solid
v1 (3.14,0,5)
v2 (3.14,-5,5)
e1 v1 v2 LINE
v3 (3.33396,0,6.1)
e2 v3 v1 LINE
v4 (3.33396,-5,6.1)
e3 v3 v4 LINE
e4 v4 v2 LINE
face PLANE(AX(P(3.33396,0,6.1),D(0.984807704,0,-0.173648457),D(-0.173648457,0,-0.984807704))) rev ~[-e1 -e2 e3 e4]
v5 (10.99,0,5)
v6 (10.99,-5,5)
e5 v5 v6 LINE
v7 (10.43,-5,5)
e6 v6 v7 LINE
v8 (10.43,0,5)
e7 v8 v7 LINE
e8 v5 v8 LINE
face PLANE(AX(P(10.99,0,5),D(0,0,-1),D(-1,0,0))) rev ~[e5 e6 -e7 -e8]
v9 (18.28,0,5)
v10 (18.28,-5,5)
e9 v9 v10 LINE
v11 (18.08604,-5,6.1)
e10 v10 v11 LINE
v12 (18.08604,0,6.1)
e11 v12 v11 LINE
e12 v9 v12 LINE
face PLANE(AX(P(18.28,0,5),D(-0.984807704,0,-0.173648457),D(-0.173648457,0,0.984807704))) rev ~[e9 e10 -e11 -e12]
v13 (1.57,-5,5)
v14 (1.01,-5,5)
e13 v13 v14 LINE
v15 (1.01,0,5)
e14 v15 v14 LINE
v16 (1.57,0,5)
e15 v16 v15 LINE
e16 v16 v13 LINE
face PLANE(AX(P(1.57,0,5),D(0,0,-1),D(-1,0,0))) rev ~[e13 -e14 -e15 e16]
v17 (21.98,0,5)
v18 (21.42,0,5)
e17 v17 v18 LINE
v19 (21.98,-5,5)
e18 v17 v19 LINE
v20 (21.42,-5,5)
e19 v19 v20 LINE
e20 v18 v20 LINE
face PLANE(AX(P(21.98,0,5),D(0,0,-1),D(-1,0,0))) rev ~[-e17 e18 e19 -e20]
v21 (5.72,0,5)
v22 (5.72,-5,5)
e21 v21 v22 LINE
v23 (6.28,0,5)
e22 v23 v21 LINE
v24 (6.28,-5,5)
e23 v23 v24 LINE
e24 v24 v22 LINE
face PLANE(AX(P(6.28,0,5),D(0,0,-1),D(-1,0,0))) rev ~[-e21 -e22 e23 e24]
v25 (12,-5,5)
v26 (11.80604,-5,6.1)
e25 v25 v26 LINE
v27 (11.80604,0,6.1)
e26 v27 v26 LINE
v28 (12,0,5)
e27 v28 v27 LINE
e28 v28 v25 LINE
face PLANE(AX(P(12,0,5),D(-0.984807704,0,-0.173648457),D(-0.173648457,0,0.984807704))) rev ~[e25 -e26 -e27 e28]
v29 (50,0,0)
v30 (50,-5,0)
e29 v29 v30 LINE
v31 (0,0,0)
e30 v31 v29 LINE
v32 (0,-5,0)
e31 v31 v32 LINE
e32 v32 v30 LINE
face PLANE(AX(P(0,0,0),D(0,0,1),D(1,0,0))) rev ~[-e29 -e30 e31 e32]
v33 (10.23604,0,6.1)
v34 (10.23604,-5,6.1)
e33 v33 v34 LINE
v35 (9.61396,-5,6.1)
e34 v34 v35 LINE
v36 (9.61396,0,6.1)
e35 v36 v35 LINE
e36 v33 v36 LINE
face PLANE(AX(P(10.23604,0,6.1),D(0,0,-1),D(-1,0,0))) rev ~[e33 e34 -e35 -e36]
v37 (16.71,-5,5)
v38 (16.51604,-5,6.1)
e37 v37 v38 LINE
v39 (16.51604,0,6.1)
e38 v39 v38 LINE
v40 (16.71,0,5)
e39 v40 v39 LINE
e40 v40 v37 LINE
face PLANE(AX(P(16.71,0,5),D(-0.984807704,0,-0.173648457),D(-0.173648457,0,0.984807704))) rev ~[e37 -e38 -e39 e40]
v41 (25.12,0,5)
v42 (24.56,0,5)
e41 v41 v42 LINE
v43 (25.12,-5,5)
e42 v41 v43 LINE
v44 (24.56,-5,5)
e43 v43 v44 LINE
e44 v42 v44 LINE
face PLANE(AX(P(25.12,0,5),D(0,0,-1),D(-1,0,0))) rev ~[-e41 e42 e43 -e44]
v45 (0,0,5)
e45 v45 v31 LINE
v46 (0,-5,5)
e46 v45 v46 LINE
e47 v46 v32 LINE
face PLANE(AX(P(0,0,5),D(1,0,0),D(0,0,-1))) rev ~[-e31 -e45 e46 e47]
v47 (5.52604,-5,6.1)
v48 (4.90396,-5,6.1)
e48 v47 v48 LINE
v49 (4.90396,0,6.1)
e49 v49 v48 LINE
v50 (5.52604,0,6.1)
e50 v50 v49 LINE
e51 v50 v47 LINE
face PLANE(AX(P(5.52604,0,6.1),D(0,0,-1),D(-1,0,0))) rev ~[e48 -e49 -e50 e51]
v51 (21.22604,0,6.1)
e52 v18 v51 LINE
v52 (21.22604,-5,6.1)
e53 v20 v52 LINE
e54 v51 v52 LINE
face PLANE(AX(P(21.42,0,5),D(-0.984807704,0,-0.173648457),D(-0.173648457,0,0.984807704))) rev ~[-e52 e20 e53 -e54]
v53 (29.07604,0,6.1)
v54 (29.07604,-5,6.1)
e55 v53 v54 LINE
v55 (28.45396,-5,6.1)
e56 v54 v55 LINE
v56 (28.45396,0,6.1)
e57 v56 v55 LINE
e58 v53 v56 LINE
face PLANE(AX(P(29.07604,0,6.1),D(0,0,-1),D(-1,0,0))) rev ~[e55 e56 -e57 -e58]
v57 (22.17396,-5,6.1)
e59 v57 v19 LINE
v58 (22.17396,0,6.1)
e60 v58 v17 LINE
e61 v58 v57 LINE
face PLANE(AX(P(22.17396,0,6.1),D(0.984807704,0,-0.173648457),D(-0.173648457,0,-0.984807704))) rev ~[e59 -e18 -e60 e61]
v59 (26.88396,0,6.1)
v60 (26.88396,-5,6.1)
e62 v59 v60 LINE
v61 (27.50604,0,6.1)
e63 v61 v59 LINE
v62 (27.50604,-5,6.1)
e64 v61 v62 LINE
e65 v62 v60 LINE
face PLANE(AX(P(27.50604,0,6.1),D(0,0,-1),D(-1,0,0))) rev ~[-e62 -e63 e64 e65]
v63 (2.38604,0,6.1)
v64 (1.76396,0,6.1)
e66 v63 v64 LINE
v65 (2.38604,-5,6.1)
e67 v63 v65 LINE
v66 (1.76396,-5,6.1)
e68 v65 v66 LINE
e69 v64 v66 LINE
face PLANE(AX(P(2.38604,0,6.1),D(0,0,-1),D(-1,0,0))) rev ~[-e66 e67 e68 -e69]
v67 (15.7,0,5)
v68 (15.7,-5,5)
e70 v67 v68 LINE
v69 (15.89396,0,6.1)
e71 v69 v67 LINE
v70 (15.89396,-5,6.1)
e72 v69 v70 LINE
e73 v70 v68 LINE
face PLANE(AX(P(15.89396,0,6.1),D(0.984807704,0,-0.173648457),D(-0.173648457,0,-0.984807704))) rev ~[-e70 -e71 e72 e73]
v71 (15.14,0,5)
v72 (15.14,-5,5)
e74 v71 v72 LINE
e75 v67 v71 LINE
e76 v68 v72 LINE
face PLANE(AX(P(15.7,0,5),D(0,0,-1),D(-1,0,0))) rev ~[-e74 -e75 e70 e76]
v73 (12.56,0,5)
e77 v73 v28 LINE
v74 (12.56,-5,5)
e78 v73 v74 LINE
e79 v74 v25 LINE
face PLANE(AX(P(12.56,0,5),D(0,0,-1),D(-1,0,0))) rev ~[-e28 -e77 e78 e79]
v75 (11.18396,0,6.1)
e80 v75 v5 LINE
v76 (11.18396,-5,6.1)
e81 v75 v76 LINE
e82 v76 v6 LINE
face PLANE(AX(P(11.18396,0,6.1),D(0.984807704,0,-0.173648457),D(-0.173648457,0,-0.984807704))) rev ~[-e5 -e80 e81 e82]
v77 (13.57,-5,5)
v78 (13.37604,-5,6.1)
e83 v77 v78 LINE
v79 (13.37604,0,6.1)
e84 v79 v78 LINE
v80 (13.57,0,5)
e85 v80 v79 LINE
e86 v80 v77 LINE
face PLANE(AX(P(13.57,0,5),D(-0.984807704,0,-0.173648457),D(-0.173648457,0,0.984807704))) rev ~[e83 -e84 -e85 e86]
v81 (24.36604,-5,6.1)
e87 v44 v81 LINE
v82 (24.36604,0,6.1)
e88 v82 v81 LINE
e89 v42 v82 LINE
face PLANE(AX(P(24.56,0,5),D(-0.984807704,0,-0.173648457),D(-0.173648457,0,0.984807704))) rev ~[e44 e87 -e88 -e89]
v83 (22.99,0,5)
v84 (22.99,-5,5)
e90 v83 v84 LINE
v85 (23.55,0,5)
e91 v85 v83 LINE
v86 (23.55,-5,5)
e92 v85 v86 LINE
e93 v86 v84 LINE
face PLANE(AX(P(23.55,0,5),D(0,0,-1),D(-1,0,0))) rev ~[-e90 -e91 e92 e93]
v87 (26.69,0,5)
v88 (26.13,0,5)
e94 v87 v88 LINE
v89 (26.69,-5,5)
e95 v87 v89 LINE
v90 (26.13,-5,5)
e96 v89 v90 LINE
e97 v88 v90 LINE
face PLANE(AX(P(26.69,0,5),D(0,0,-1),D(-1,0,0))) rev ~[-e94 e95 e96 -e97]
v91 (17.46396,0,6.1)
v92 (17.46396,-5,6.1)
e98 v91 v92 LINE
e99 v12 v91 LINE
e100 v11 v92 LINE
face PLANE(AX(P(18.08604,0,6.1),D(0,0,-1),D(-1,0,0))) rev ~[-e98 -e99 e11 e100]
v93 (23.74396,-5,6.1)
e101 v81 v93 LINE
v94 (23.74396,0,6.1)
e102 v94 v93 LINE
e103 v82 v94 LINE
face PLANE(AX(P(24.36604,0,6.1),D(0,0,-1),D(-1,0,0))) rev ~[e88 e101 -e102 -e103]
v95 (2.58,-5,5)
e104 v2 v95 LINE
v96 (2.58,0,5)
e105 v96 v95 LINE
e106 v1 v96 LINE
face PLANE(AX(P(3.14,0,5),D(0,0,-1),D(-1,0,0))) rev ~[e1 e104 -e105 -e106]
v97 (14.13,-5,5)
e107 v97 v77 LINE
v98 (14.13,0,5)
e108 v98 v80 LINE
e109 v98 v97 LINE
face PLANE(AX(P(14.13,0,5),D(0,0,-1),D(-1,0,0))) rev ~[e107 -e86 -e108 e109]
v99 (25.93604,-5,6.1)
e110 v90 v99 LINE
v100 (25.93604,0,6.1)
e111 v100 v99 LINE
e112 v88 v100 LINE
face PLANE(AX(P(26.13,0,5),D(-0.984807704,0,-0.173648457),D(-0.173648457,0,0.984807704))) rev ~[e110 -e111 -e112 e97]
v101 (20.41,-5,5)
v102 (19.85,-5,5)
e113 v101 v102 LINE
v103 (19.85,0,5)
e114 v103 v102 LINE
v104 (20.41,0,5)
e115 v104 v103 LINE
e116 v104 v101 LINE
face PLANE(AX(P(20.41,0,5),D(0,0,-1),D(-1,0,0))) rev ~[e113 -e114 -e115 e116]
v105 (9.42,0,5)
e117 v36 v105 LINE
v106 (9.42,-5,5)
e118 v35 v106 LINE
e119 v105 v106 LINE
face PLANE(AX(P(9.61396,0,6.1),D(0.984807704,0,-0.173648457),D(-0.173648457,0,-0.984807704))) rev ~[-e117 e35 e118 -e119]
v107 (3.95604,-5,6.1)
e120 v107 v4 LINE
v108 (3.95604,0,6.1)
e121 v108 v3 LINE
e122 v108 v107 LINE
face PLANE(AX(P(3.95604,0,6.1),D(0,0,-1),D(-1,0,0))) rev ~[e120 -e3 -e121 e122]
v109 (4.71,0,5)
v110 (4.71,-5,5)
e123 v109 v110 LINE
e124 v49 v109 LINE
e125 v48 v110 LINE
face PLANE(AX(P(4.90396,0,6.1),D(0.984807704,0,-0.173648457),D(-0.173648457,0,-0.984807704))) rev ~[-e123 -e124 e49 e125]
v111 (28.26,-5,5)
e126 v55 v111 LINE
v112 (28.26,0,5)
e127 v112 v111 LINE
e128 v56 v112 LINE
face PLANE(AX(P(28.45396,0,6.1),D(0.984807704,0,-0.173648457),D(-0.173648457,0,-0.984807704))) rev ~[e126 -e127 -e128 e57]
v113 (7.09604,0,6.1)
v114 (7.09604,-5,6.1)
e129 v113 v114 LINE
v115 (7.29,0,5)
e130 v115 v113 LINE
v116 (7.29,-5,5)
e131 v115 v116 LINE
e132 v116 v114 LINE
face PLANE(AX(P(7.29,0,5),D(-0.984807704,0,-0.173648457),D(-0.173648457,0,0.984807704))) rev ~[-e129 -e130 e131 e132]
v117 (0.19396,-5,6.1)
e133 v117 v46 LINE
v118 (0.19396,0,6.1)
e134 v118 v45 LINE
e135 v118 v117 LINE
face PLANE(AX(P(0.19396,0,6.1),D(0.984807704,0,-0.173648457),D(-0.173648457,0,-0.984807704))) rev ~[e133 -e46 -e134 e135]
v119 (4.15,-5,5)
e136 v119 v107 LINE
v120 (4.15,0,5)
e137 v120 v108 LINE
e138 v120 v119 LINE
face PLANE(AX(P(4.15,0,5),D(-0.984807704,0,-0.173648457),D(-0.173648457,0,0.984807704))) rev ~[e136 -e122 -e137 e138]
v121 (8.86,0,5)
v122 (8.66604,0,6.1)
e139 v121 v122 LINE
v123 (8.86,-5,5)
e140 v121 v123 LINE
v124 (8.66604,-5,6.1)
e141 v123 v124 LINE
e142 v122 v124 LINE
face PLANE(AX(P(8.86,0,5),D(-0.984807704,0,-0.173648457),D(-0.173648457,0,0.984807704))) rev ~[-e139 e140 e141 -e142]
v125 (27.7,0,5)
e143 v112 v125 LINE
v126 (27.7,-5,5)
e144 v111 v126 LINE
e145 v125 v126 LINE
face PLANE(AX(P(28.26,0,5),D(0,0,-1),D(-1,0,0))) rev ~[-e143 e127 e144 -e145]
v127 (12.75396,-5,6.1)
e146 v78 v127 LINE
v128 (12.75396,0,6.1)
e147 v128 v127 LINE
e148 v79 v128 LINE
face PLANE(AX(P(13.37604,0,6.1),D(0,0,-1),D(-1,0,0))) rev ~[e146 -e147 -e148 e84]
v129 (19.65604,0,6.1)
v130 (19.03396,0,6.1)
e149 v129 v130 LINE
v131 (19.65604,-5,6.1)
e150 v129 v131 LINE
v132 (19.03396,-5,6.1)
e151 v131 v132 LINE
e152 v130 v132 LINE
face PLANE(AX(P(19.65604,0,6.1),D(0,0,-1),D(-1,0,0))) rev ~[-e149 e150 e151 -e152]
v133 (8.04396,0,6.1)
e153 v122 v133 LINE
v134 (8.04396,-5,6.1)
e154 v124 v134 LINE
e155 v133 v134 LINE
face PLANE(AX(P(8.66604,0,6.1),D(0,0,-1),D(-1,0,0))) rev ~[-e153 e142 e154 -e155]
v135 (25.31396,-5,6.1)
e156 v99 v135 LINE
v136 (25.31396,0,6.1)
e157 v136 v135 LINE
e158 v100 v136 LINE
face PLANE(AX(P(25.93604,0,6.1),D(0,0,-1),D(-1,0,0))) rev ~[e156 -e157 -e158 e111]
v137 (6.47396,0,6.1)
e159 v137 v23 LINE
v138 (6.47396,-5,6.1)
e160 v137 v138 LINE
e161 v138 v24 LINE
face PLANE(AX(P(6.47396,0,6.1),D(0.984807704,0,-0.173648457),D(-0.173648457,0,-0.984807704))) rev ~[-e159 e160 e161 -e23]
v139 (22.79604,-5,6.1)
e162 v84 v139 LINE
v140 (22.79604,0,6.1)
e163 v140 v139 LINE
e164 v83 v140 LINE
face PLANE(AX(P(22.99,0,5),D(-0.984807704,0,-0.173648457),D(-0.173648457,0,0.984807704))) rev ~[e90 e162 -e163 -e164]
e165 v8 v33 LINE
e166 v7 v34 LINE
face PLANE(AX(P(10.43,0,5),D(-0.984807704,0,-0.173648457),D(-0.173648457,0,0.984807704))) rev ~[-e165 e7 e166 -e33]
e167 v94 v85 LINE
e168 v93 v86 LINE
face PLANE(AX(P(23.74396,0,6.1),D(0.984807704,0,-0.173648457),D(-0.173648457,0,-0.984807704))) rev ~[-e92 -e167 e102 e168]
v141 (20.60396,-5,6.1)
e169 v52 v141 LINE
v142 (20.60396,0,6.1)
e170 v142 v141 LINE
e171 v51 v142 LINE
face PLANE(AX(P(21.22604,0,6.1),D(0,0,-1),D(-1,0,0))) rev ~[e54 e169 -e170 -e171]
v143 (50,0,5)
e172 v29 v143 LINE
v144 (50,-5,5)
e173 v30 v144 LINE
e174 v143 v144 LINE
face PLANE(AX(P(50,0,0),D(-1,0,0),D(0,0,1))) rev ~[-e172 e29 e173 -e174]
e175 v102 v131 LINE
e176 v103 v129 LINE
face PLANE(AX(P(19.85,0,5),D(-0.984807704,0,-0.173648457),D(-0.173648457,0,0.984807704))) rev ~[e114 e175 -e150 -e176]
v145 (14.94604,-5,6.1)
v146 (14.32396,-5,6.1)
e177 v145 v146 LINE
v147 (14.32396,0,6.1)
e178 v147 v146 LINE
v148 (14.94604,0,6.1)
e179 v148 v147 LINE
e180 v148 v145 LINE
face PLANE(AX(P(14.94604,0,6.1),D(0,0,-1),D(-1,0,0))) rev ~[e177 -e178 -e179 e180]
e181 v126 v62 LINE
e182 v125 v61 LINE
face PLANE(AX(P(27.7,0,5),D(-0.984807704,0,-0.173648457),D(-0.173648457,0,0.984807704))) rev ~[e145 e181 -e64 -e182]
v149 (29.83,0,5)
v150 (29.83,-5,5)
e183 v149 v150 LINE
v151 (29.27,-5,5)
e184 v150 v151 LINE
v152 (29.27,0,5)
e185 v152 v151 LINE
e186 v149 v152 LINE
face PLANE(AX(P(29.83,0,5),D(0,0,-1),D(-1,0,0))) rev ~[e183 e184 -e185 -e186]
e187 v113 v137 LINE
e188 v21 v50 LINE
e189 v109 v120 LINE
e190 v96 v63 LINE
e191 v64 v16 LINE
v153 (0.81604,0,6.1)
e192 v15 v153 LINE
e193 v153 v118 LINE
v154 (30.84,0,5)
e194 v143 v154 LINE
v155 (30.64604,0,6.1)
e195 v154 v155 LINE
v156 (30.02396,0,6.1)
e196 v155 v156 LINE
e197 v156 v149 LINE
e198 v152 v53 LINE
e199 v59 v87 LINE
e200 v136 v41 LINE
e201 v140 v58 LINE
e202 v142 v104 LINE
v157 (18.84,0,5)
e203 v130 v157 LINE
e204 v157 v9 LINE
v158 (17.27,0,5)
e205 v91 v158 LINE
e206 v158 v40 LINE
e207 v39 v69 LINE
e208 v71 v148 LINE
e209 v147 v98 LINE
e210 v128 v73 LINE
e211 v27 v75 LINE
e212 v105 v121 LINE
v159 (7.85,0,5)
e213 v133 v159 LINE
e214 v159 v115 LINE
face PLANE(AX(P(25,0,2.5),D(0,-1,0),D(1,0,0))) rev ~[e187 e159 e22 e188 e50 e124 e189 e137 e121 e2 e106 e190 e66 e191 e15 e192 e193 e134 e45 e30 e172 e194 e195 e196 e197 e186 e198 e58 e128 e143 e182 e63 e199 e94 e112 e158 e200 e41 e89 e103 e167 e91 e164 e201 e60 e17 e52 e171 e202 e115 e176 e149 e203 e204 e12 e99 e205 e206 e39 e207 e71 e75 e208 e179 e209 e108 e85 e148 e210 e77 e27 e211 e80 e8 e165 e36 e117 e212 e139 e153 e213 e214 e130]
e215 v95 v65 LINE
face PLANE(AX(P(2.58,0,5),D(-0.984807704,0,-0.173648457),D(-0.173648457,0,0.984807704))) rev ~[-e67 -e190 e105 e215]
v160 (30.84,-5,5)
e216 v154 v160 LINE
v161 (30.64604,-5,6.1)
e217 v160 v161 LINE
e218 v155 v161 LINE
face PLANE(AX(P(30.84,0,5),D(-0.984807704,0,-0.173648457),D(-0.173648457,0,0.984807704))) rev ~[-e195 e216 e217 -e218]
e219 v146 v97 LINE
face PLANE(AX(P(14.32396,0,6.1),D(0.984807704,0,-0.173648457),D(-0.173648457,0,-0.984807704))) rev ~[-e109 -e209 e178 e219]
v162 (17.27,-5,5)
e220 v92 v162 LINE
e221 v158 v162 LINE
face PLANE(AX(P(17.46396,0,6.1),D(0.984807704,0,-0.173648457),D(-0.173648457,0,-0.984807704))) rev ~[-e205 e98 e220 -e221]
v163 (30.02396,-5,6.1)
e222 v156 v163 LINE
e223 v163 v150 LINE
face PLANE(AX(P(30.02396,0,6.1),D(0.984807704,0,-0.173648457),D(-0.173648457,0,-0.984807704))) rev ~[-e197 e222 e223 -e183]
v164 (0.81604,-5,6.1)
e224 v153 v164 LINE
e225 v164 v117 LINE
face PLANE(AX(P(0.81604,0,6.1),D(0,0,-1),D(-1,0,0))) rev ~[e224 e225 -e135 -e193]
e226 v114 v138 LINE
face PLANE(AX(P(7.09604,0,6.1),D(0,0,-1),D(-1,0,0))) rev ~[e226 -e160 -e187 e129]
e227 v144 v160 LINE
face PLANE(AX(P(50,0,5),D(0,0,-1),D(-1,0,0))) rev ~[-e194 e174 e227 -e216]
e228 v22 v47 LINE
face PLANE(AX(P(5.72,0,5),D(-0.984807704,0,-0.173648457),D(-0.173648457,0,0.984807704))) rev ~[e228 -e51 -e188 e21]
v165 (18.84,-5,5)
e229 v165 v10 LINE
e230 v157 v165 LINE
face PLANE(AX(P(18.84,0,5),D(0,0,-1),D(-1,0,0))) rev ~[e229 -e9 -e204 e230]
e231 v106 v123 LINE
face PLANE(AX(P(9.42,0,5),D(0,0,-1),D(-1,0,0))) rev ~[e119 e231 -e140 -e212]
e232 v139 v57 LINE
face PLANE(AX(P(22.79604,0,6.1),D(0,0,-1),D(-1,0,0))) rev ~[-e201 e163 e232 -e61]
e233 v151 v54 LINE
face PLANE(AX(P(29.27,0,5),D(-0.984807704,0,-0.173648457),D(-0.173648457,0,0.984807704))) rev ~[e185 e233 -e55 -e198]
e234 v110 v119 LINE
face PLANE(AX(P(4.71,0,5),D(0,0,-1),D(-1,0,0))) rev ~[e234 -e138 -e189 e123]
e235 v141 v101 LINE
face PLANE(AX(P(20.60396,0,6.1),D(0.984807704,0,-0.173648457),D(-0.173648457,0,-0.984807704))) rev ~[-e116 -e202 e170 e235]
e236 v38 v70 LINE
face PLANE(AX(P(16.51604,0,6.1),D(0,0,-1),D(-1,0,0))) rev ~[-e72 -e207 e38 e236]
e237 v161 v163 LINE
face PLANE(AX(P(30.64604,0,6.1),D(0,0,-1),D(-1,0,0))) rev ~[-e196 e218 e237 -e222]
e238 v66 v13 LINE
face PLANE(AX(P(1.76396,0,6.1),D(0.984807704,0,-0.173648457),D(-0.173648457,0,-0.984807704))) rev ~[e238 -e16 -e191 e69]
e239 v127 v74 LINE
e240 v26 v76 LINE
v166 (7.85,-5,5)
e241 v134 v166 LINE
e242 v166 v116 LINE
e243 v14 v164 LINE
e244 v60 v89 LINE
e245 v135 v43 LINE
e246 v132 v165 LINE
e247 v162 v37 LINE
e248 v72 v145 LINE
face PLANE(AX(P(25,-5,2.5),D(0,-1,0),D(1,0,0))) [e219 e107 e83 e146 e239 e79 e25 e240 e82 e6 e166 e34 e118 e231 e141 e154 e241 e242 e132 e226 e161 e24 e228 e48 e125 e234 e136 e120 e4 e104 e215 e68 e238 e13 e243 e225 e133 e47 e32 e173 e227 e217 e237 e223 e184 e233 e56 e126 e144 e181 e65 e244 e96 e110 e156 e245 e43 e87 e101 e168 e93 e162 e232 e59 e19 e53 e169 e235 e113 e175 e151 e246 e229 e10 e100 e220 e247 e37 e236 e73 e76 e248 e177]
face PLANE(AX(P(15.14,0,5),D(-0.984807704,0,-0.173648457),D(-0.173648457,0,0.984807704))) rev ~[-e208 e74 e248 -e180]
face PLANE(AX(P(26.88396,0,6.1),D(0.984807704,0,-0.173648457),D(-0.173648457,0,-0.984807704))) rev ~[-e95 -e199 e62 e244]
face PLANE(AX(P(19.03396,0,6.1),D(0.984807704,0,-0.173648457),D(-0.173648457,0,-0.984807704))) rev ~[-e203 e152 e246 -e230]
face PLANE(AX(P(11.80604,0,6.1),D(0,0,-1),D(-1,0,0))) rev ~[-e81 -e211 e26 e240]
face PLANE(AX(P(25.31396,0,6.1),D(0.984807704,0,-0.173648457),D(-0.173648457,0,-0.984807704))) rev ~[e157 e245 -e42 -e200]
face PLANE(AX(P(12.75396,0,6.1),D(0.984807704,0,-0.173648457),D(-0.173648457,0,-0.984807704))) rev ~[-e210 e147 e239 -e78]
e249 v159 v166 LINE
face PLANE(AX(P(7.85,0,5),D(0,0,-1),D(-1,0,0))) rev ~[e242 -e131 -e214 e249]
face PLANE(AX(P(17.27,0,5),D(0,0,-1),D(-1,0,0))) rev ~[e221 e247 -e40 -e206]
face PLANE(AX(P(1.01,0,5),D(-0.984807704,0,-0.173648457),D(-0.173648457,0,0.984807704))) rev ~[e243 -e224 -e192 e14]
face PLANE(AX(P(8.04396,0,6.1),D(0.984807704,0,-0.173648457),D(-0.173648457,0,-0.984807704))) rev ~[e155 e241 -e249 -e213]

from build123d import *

# Parameters (mm, degrees)
F1_DEPTH = 5


with BuildPart() as f1:
    # F0 (on Front) → F1 (new body)
    with BuildSketch(Plane.XZ):
        Polygon((0, 5), (0, 0), (50, 0), (50, 5), (30.84, 5), (29.83, 5), (29.27, 5), (28.26, 5), (27.7, 5), (26.69, 5), (26.13, 5), (25.12, 5), (24.56, 5), (23.55, 5), (22.99, 5), (21.98, 5), (21.42, 5), (20.41, 5), (19.85, 5), (18.84, 5), (18.28, 5), (17.27, 5), (16.71, 5), (15.7, 5), (15.14, 5), (14.13, 5), (13.57, 5), (12.56, 5), (12, 5), (10.99, 5), (10.43, 5), (9.42, 5), (8.86, 5), (7.85, 5), (7.29, 5), (6.28, 5), (5.72, 5), (4.71, 5), (4.15, 5), (3.14, 5), (2.58, 5), (1.57, 5), (1.01, 5), align=None)
        Polygon((0.19396, 6.1), (0, 5), (1.01, 5), (0.81604, 6.1), align=None)
        Polygon((29.83, 5), (30.84, 5), (30.64604, 6.1), (30.02396, 6.1), align=None)
        Polygon((1.76396, 6.1), (1.57, 5), (2.58, 5), (2.38604, 6.1), align=None)
        Polygon((28.26, 5), (29.27, 5), (29.07604, 6.1), (28.45396, 6.1), align=None)
        Polygon((3.33396, 6.1), (3.14, 5), (4.15, 5), (3.95604, 6.1), align=None)
        Polygon((26.69, 5), (27.7, 5), (27.50604, 6.1), (26.88396, 6.1), align=None)
        Polygon((4.90396, 6.1), (4.71, 5), (5.72, 5), (5.52604, 6.1), align=None)
        Polygon((25.12, 5), (26.13, 5), (25.93604, 6.1), (25.31396, 6.1), align=None)
        Polygon((6.47396, 6.1), (6.28, 5), (7.29, 5), (7.09604, 6.1), align=None)
        Polygon((23.55, 5), (24.56, 5), (24.36604, 6.1), (23.74396, 6.1), align=None)
        Polygon((8.04396, 6.1), (7.85, 5), (8.86, 5), (8.66604, 6.1), align=None)
        Polygon((21.98, 5), (22.99, 5), (22.79604, 6.1), (22.17396, 6.1), align=None)
        Polygon((9.61396, 6.1), (9.42, 5), (10.43, 5), (10.23604, 6.1), align=None)
        Polygon((20.41, 5), (21.42, 5), (21.22604, 6.1), (20.60396, 6.1), align=None)
        Polygon((11.18396, 6.1), (10.99, 5), (12, 5), (11.80604, 6.1), align=None)
        Polygon((18.84, 5), (19.85, 5), (19.65604, 6.1), (19.03396, 6.1), align=None)
        Polygon((12.75396, 6.1), (12.56, 5), (13.57, 5), (13.37604, 6.1), align=None)
        Polygon((17.27, 5), (18.28, 5), (18.08604, 6.1), (17.46396, 6.1), align=None)
        Polygon((14.32396, 6.1), (14.13, 5), (15.14, 5), (14.94604, 6.1), align=None)
        Polygon((15.7, 5), (16.71, 5), (16.51604, 6.1), (15.89396, 6.1), align=None)
    extrude(amount=F1_DEPTH)


solid = f1.part
